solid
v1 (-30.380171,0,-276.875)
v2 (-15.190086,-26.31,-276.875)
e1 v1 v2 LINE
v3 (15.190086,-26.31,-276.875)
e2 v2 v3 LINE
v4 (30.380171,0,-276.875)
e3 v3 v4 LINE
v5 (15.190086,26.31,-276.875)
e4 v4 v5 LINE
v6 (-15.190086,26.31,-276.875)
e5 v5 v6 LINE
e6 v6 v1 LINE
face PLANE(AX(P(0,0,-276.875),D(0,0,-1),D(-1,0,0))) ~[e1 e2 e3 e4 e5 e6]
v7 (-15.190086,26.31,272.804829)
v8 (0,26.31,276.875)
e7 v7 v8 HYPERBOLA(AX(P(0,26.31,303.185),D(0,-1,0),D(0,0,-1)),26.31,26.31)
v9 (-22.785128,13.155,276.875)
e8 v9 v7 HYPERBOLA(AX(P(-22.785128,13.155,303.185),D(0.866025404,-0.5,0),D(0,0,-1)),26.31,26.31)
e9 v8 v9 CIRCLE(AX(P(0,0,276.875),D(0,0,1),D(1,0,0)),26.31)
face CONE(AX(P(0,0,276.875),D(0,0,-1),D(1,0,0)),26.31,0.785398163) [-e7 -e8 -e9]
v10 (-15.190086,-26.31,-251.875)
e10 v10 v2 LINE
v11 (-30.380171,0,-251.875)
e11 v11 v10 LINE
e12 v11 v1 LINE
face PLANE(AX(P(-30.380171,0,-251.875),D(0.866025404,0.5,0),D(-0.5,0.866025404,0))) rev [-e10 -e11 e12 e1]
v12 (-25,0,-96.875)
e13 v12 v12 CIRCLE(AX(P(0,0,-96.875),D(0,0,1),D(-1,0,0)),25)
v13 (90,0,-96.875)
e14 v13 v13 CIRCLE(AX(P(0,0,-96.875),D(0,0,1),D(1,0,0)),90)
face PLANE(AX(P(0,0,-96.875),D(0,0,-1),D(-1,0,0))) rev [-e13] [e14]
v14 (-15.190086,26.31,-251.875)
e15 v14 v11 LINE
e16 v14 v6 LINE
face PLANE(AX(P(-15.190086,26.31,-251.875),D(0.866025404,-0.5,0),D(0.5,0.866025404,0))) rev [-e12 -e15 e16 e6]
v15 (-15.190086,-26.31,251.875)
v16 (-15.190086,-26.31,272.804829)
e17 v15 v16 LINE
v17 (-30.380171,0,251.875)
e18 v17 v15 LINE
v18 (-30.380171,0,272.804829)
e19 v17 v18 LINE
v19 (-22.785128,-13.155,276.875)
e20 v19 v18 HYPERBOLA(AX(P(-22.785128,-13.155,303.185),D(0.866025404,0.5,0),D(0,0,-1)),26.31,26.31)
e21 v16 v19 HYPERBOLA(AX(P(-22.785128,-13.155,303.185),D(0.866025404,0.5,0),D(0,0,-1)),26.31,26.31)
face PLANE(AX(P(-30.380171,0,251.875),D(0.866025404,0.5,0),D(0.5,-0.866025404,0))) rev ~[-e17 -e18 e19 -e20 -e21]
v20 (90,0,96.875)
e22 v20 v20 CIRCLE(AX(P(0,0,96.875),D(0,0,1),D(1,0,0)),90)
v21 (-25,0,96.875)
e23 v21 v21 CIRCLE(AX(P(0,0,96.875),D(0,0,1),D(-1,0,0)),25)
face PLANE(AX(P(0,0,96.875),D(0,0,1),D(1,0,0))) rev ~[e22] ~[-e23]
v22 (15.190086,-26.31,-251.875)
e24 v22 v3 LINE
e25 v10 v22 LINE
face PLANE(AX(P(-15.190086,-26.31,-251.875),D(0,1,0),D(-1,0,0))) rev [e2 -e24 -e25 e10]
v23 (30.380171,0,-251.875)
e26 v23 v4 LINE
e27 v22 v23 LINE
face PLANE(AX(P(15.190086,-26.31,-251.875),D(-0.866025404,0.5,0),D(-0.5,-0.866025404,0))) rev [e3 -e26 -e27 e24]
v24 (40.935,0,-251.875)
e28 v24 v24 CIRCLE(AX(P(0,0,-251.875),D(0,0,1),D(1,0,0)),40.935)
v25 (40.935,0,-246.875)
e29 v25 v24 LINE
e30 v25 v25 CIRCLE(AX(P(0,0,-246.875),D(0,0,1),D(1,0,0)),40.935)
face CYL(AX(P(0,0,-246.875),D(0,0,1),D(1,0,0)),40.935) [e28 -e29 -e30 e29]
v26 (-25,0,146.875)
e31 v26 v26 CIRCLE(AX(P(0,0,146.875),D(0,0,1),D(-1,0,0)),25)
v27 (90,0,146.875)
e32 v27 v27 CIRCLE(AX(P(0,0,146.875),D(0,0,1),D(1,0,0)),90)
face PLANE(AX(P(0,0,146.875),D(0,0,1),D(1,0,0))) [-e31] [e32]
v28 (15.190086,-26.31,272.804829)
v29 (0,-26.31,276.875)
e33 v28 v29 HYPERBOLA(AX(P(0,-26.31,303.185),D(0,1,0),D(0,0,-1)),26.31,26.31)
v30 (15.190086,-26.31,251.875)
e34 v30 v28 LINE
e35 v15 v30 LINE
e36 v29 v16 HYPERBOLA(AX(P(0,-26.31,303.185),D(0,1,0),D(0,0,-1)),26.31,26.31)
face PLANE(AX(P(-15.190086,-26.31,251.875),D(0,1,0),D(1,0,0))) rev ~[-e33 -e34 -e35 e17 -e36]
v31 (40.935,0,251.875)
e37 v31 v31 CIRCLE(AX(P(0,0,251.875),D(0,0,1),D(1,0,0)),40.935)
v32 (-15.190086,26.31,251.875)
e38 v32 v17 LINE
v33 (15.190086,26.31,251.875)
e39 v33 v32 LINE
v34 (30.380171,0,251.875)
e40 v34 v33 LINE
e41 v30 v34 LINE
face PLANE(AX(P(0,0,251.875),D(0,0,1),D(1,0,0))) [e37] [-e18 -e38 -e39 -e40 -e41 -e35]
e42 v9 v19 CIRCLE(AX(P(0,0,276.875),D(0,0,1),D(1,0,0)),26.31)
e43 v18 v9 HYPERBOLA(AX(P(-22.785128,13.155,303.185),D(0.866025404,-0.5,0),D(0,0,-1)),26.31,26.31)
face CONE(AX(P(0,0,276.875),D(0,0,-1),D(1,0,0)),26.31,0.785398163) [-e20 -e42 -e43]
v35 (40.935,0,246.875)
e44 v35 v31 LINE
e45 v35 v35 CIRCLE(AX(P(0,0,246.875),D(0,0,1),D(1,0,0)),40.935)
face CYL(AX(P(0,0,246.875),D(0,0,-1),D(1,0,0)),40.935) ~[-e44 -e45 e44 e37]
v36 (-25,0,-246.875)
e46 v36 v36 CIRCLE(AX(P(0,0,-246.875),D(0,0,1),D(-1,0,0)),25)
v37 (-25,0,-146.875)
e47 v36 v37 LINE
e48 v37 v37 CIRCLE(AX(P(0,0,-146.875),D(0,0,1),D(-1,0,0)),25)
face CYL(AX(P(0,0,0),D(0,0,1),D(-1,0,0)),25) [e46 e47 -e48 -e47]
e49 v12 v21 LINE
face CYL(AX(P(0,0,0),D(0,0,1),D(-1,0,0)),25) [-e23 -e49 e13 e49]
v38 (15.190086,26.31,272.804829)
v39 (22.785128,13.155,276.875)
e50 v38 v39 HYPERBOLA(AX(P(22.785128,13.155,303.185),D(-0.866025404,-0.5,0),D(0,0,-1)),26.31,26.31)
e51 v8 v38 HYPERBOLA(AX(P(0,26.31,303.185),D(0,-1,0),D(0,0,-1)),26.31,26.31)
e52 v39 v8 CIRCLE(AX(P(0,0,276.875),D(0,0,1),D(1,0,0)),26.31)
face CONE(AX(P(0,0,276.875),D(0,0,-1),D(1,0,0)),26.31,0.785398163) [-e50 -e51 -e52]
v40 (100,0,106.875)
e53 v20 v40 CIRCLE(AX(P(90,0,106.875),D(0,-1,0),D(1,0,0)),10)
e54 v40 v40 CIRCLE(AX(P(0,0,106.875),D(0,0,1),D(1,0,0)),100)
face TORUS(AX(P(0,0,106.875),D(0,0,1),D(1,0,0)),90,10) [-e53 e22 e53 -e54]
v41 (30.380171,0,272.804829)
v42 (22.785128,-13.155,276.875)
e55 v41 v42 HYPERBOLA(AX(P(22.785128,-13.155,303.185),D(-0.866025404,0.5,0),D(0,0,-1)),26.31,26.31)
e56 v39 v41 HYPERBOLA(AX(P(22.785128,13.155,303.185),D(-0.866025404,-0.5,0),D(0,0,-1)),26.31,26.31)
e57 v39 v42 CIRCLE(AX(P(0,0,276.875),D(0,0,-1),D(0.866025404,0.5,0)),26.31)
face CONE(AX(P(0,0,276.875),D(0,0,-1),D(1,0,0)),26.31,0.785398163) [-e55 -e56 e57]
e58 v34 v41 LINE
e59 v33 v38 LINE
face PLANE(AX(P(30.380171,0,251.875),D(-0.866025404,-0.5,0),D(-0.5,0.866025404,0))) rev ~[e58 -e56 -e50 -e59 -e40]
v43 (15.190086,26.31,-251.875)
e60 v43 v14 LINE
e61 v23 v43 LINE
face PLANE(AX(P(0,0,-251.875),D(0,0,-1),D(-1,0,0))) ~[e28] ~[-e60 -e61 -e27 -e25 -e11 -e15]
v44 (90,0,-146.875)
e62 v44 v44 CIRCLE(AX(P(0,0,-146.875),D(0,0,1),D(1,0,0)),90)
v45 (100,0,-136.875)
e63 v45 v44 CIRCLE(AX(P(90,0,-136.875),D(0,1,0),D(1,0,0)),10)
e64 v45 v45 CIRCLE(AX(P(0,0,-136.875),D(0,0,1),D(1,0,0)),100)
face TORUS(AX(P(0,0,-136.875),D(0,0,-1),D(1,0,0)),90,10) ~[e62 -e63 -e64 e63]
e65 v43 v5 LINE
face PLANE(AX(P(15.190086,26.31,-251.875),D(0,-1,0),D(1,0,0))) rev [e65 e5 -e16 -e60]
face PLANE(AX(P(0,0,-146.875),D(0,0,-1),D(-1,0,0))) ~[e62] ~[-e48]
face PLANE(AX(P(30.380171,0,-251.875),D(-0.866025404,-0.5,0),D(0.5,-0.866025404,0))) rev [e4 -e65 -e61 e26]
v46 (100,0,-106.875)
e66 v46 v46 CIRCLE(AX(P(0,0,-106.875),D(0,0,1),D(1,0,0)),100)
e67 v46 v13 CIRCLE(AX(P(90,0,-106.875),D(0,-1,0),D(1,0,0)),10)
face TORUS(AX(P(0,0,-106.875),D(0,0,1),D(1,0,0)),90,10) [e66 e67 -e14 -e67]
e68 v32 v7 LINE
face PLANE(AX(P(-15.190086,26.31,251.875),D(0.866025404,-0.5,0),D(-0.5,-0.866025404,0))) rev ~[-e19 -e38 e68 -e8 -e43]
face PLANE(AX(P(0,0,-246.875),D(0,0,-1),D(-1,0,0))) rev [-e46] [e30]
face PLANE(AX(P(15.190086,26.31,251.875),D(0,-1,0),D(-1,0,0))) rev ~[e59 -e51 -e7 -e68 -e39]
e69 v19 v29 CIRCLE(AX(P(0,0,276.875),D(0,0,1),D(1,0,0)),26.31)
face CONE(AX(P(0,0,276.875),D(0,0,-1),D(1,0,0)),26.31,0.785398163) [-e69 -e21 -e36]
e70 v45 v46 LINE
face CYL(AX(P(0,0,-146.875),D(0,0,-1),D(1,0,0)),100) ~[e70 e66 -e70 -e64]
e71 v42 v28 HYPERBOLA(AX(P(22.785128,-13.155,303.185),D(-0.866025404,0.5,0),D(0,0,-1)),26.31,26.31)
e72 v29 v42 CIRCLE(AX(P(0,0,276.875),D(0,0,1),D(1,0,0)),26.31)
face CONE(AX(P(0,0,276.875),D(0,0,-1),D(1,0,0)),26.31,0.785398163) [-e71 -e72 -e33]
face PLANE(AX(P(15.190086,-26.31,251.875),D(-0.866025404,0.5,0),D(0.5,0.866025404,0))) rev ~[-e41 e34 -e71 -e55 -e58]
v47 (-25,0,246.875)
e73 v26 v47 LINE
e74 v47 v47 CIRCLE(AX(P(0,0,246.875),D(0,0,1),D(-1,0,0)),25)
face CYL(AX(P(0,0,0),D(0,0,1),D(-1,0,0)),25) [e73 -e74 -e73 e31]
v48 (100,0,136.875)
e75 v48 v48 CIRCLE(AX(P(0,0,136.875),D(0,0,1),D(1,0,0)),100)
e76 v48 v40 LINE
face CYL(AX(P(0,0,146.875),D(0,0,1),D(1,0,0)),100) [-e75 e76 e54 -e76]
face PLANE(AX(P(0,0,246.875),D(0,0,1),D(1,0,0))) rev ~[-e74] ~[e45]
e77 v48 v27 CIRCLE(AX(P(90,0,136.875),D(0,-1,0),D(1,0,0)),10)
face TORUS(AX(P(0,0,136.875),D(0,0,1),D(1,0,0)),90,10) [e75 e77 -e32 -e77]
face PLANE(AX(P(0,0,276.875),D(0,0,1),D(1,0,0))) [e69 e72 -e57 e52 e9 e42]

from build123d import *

# Parameters (mm, degrees)
SKETCH2_R           = 25
BOSS_EXTRUDE1_DEPTH = 246.875
SKETCH3_R           = 100
BOSS_EXTRUDE2_DEPTH = 50
FILLET1_R           = 10
SKETCH4_R           = 40.935
BOSS_EXTRUDE3_DEPTH = 5
BOSS_EXTRUDE4_DEPTH = 25
SKETCH6_R           = 40.935
SKETCH6_R_2         = 26.31
CUT_EXTRUDE1_DEPTH  = 25
CUT_EXTRUDE1_TAPER  = 45


with BuildPart() as part:
    # Sketch2 → Boss-Extrude1 (new, symmetric)
    with BuildSketch(Plane.XY):
        with Locations(Location((0, 0, 0), (0, 0, 180))):
            Circle(SKETCH2_R)
    extrude(amount=BOSS_EXTRUDE1_DEPTH, both=True)

    # Sketch3 → Boss-Extrude2 (add)
    with BuildSketch(Plane.XY.offset(146.875)):
        Circle(SKETCH3_R)
    boss_extrude2 = extrude(amount=-BOSS_EXTRUDE2_DEPTH)

    # Mirror1: Boss-Extrude2 across plane
    add(boss_extrude2.mirror(Plane.XY))

    # Fillet1
    fillet1_edges = [part.edges().sort_by_distance(p)[0] for p in [
        (-100, 0, -146.875),
        (-100, 0, -96.875),
        (-100, 0, 96.875),
        (-100, 0, 146.875),
    ]]
    fillet(fillet1_edges, radius=FILLET1_R)

    # Sketch4 → Boss-Extrude3 (add)
    with BuildSketch(Plane.XY.offset(246.875)):
        Circle(SKETCH4_R)
    boss_extrude3 = extrude(amount=BOSS_EXTRUDE3_DEPTH)

    # Sketch5 → Boss-Extrude4 (add)
    with BuildSketch(Plane.XY.offset(251.875)):
        Polygon((30.380171165, 0), (15.190085582, 26.31), (-15.190085582, 26.31), (-30.380171165, 0), (-15.190085582, -26.31), (15.190085582, -26.31), align=None)
    boss_extrude4 = extrude(amount=BOSS_EXTRUDE4_DEPTH)

    # Sketch6 → Cut-Extrude1 (cut)
    with BuildSketch(Plane.XY.offset(276.875)):
        Circle(SKETCH6_R)
        Circle(SKETCH6_R_2, mode=Mode.SUBTRACT)
    extrude(amount=-CUT_EXTRUDE1_DEPTH, taper=CUT_EXTRUDE1_TAPER, mode=Mode.SUBTRACT)

    # Mirror2: Boss-Extrude3, Boss-Extrude4 across plane
    add(boss_extrude3.mirror(Plane.XY))
    add(boss_extrude4.mirror(Plane.XY))


solid = part.part
